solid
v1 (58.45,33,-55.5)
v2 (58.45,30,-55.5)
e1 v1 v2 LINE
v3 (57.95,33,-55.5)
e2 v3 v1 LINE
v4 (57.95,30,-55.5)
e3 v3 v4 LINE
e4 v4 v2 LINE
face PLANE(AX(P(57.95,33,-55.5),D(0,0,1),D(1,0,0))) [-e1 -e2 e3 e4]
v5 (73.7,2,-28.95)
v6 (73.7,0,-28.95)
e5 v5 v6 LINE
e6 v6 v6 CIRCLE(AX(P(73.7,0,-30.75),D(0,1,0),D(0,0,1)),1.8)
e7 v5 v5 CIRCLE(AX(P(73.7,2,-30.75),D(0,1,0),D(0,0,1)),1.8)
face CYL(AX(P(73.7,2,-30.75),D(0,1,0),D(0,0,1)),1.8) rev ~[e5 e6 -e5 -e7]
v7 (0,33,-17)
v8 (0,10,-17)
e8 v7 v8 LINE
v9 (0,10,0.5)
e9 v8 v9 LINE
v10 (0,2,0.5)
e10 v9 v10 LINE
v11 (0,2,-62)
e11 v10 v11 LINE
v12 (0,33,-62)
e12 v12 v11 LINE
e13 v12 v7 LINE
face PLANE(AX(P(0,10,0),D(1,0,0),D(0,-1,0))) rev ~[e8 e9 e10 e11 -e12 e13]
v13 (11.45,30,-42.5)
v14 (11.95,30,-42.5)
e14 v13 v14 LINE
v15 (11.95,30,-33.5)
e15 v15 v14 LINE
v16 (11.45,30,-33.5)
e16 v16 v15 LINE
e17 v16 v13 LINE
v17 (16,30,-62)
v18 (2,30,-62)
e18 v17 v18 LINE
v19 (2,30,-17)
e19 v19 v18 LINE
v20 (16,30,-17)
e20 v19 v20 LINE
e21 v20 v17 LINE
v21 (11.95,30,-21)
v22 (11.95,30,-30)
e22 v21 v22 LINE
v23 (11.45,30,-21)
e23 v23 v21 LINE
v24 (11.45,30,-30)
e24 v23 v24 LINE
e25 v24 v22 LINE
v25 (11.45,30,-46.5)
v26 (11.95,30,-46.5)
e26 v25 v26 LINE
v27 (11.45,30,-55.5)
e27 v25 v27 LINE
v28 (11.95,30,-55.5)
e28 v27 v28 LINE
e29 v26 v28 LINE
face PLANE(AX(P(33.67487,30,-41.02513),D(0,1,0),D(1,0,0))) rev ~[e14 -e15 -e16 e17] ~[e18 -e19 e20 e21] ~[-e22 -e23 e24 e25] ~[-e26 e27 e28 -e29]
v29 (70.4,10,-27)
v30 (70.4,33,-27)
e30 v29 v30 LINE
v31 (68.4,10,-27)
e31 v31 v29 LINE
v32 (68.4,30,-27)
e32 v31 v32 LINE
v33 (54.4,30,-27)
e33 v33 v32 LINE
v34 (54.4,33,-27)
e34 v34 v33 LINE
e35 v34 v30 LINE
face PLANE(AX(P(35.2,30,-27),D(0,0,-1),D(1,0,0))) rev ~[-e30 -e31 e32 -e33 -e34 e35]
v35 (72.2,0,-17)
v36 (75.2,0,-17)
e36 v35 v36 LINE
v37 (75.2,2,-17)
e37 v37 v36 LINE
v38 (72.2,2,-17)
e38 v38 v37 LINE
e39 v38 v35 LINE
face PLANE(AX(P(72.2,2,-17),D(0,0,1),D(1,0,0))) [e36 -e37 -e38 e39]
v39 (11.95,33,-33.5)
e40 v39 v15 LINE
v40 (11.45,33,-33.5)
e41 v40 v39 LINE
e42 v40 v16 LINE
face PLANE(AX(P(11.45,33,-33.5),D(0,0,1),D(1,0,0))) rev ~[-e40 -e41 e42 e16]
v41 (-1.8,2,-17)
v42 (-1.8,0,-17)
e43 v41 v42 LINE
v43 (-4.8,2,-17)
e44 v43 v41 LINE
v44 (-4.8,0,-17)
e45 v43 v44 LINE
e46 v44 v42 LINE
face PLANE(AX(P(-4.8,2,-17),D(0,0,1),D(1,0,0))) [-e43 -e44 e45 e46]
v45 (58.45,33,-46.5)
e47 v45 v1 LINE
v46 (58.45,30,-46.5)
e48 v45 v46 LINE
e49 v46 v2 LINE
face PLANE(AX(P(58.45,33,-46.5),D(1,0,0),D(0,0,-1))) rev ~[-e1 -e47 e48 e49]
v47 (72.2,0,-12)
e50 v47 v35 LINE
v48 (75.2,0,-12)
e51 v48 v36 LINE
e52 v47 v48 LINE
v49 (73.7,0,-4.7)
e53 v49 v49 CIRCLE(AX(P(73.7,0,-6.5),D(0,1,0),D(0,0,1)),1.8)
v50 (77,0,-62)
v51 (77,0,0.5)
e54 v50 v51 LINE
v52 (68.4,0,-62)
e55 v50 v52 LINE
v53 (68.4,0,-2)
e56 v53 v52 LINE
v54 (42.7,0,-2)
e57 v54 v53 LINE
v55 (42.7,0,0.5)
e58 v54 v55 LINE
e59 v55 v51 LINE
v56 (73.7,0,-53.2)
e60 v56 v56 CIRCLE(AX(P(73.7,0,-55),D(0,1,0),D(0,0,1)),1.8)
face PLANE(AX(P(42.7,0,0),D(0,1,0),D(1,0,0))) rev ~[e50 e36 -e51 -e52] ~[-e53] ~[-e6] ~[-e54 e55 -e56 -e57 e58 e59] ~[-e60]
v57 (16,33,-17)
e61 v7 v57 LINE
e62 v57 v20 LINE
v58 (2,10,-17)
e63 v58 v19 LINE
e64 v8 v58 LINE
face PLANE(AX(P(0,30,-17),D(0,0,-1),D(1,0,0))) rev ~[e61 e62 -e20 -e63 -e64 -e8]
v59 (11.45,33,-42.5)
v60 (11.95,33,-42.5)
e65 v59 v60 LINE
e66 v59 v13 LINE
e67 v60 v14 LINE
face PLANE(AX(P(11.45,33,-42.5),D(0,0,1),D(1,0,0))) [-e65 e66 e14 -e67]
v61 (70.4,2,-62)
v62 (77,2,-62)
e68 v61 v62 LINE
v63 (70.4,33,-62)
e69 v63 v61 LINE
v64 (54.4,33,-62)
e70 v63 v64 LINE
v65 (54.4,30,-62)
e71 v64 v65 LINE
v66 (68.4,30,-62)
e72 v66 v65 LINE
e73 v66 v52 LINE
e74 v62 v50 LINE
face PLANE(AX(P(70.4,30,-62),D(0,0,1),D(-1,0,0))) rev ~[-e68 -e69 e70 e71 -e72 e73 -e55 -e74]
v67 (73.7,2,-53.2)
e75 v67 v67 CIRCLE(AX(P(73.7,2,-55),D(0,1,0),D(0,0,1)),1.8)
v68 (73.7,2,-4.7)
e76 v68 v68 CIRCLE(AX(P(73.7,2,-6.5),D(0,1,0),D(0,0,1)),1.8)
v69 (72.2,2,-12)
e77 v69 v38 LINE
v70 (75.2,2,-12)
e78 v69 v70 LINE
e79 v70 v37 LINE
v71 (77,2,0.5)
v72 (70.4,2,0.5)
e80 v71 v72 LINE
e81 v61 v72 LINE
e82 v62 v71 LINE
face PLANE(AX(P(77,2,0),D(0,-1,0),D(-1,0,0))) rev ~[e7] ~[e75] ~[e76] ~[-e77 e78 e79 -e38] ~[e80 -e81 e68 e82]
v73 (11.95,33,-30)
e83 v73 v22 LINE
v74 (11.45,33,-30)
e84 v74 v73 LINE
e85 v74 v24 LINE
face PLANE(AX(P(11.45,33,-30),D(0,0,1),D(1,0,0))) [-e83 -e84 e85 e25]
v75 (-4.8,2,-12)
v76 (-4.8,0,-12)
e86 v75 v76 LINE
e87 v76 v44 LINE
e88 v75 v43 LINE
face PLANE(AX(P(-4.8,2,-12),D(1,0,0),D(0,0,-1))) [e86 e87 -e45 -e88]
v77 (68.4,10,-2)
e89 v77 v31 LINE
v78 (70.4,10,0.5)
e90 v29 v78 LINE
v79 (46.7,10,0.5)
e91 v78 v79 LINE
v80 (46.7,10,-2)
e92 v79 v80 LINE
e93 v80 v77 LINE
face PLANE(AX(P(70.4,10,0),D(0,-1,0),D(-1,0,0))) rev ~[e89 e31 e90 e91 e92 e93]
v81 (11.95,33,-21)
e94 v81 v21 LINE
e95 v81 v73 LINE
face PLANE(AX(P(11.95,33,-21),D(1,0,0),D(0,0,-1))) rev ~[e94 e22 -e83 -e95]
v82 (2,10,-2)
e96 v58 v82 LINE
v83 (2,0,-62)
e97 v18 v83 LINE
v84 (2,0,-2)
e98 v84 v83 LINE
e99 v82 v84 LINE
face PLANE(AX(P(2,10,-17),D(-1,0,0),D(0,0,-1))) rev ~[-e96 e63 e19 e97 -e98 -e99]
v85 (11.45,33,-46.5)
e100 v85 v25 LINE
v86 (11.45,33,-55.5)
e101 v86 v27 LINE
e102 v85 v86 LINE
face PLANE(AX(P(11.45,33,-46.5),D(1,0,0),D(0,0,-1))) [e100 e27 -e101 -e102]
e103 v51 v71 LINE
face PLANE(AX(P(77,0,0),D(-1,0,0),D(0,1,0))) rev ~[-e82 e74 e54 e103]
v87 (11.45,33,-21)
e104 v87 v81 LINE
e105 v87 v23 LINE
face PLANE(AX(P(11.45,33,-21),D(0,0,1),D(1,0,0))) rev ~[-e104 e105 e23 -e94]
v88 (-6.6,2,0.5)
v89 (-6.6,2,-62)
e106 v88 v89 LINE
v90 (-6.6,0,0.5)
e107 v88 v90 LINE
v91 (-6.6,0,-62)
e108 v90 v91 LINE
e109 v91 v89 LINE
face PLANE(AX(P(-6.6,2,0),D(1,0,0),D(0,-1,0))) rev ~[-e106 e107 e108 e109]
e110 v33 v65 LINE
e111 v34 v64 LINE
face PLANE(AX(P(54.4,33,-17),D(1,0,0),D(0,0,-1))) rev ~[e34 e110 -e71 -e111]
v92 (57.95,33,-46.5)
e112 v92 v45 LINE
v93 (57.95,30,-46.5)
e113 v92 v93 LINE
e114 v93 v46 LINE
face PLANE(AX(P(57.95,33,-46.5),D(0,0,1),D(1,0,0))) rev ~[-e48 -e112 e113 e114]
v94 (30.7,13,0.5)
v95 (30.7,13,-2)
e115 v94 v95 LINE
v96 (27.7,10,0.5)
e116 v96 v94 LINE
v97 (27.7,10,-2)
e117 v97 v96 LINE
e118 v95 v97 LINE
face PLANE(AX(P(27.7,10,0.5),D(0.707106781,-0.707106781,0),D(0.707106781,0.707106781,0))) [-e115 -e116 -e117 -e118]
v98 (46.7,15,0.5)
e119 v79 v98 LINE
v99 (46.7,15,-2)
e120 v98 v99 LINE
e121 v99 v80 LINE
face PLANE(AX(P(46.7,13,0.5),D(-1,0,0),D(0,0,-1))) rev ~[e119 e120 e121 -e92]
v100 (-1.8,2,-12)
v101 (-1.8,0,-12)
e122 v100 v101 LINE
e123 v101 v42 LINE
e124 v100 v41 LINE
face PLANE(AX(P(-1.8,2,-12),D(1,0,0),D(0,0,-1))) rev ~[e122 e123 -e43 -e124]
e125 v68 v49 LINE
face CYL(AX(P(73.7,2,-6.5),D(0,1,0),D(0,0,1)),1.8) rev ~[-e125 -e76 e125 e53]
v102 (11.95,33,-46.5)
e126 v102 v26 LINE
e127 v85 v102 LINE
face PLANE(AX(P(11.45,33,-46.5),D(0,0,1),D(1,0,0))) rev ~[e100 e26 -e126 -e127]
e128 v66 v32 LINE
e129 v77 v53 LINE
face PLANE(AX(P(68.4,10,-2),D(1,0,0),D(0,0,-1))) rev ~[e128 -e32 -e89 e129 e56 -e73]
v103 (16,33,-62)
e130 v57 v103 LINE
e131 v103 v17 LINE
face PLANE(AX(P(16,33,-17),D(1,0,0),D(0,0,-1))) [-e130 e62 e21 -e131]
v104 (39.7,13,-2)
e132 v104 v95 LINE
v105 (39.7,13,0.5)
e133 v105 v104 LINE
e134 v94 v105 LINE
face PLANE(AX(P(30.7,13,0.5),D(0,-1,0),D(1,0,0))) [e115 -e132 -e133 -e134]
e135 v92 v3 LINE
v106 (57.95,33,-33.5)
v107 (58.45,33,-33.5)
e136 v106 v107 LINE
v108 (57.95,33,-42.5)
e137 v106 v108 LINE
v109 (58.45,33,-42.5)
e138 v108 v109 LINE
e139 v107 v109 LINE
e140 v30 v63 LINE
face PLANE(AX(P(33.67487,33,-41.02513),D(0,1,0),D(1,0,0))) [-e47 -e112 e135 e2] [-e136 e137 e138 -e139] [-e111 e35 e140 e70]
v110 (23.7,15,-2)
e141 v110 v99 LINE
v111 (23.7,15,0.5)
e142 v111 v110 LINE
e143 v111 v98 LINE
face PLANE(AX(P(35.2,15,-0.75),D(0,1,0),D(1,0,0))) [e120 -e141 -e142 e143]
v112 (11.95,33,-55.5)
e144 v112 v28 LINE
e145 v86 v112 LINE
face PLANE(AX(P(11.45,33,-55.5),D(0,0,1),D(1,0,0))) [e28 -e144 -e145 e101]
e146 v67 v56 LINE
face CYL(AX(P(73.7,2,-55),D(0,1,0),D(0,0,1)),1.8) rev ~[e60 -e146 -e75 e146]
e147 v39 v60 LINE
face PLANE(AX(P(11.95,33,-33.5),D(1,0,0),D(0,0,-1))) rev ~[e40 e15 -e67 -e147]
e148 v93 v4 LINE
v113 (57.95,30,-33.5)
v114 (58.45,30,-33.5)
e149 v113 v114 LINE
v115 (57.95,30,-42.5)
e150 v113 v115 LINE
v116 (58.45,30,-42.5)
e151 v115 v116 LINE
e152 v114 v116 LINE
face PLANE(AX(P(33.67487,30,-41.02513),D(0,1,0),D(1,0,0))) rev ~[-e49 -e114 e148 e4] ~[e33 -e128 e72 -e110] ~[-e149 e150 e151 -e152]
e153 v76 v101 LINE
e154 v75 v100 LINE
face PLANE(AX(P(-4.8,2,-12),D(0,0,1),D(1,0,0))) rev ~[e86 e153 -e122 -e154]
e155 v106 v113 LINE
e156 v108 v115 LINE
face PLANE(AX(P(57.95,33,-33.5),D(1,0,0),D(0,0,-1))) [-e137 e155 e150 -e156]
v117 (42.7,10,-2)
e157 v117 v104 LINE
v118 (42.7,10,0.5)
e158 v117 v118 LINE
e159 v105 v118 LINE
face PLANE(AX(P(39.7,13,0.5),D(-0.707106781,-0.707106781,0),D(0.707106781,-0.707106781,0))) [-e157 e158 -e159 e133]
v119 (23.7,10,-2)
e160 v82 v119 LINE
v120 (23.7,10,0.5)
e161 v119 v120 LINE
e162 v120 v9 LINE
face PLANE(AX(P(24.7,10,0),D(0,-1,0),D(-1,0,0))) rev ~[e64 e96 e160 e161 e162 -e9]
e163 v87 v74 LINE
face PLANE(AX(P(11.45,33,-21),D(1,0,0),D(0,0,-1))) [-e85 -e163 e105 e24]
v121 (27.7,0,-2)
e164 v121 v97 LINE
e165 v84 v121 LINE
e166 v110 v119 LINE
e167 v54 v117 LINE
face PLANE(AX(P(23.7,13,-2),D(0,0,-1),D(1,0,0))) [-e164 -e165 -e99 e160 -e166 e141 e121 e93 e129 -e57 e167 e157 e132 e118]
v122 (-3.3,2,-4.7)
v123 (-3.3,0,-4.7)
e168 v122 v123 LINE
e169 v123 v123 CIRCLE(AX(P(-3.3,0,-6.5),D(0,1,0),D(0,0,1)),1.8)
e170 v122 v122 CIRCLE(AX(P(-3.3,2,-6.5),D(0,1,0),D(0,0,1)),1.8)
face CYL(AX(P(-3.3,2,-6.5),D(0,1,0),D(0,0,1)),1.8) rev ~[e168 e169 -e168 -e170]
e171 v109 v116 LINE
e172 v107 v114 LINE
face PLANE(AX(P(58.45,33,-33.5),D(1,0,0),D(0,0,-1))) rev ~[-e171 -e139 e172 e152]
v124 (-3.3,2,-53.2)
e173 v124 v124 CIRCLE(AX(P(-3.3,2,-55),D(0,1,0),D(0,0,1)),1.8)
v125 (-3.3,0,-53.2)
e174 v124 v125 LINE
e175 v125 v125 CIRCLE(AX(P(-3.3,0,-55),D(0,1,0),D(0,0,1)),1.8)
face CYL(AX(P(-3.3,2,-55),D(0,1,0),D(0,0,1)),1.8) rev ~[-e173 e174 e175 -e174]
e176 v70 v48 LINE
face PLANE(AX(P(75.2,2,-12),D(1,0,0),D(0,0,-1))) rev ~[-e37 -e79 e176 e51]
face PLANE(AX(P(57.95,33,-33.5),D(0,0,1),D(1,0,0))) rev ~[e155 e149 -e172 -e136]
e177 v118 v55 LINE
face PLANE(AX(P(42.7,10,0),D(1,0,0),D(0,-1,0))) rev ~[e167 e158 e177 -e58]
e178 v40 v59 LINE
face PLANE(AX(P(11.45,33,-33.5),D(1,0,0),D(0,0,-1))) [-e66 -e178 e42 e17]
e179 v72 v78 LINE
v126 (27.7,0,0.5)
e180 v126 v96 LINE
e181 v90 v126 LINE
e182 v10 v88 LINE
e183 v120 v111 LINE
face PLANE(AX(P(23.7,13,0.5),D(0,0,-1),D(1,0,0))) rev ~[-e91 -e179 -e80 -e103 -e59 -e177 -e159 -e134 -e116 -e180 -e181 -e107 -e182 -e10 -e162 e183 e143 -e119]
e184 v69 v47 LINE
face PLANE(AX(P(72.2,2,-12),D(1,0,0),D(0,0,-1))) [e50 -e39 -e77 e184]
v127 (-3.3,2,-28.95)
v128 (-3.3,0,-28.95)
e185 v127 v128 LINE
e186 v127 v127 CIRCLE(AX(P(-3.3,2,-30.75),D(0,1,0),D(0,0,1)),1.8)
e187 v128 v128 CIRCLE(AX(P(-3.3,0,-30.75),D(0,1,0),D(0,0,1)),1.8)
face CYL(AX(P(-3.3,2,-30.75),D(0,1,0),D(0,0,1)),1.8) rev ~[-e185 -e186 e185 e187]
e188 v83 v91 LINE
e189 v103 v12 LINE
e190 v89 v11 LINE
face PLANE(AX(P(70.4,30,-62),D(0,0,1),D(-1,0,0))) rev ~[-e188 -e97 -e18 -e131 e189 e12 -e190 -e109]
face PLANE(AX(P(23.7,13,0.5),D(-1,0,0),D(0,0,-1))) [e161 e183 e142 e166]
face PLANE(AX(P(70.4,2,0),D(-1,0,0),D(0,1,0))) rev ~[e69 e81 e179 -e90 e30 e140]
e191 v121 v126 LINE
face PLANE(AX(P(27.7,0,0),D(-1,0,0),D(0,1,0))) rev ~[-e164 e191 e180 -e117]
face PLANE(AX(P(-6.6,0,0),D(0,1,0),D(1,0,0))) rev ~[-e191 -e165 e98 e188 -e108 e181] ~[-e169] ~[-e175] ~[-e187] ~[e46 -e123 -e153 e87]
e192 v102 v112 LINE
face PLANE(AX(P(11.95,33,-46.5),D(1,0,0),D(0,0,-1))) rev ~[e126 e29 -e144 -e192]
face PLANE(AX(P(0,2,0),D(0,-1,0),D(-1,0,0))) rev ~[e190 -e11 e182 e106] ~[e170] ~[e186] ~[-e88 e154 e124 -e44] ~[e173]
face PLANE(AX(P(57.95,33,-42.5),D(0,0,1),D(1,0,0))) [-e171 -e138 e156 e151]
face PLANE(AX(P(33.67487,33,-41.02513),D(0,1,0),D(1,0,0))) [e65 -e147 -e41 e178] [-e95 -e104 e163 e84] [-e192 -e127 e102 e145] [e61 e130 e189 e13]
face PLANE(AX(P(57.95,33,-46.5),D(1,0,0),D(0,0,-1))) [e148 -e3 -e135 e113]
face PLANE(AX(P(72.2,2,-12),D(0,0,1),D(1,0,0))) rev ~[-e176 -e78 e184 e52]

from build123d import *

# Parameters (mm, degrees)
SKETCH1_W            = 70.4
SKETCH1_H            = 2
BOSS_EXTRUDE2_DEPTH  = 10
SKETCH2_W            = 2
SKETCH2_H            = 55
BOSS_EXTRUDE3_DEPTH  = 10
SKETCH3_W            = 19
SKETCH3_H            = 3
BOSS_EXTRUDE4_DEPTH  = 2
SKETCH4_W            = 15
SKETCH4_H            = 10
CUT_EXTRUDE2_DEPTH   = 2
SKETCH5_W            = 2
SKETCH5_H            = 3
BOSS_EXTRUDE5_DEPTH  = 1
SKETCH6_W            = 2
SKETCH6_H            = 3
BOSS_EXTRUDE6_DEPTH  = 1
SKETCH7_W            = 57
SKETCH7_H            = 2
BOSS_EXTRUDE7_DEPTH  = 6.6
SKETCH8_W            = 57
SKETCH8_H            = 2
BOSS_EXTRUDE8_DEPTH  = 6.6
BOSS_EXTRUDE9_DEPTH  = 5
SKETCH12_W           = 2
SKETCH12_H           = 5
SKETCH12_H_2         = 40
SKETCH12_H_3         = 30
BOSS_EXTRUDE10_DEPTH = 20
BOSS_EXTRUDE11_DEPTH = 3
SKETCH14_W           = 0.5
SKETCH14_H           = 9
CUT_EXTRUDE3_DEPTH   = 3
SKETCH15_W           = 38.4
SKETCH15_H           = 45
CUT_EXTRUDE4_DEPTH   = 3
BOSS_EXTRUDE12_DEPTH = 0.5
SKETCH17_R           = 1.8
SKETCH17_W           = 3
SKETCH17_H           = 5
CUT_EXTRUDE6_DEPTH   = 3
SKETCH18_W           = 2.5
SKETCH18_H           = 3
BOSS_EXTRUDE13_DEPTH = 1
SKETCH19_W           = 2.5
SKETCH19_H           = 3
BOSS_EXTRUDE14_DEPTH = 1
SKETCH20_W           = 23
SKETCH20_H           = 2.5
BOSS_EXTRUDE15_DEPTH = 2
CUT_EXTRUDE8_DEPTH   = 3


with BuildPart() as part:
    # Sketch1 → Boss-Extrude2 (new body)
    with BuildSketch(Plane(origin=(0, 0, 0), x_dir=(1, 0, 0), z_dir=(0, 1, 0))):
        with Locations((35.2, 1)):
            Rectangle(SKETCH1_W, SKETCH1_H)
    extrude(amount=BOSS_EXTRUDE2_DEPTH)

    # Sketch2 → Boss-Extrude3 (add)
    with BuildSketch(Plane(origin=(0, 10, 0), x_dir=(1, 0, 0), z_dir=(0, 1, 0))):
        with Locations((1, 29.5)):
            Rectangle(SKETCH2_W, SKETCH2_H)
        with Locations((69.4, 29.5)):
            Rectangle(SKETCH2_W, SKETCH2_H)
    extrude(amount=-BOSS_EXTRUDE3_DEPTH)

    # Sketch3 → Boss-Extrude4 (add)
    with BuildSketch(Plane.XY):
        with Locations((35.2, 11.5)):
            Rectangle(SKETCH3_W, SKETCH3_H)
    extrude(amount=-BOSS_EXTRUDE4_DEPTH)

    # Sketch4 → Cut-Extrude2 (cut)
    with BuildSketch(Plane.XY):
        with Locations((35.2, 5)):
            Rectangle(SKETCH4_W, SKETCH4_H)
    extrude(amount=-CUT_EXTRUDE2_DEPTH, mode=Mode.SUBTRACT)

    # Sketch5 → Boss-Extrude5 (add)
    with BuildSketch(Plane.ZY.offset(-25.7)):
        with Locations((-1, 11.5)):
            Rectangle(SKETCH5_W, SKETCH5_H)
    extrude(amount=BOSS_EXTRUDE5_DEPTH)

    # Sketch6 → Boss-Extrude6 (add)
    with BuildSketch(Plane(origin=(44.7, 0, 0), x_dir=(0, 0, -1), z_dir=(1, 0, 0))):
        with Locations((1, 11.5)):
            Rectangle(SKETCH6_W, SKETCH6_H)
    extrude(amount=BOSS_EXTRUDE6_DEPTH)

    # Sketch7 → Boss-Extrude7 (add)
    with BuildSketch(Plane.ZY):
        with Locations((-28.5, 1)):
            Rectangle(SKETCH7_W, SKETCH7_H)
    extrude(amount=BOSS_EXTRUDE7_DEPTH)

    # Sketch8 → Boss-Extrude8 (add)
    with BuildSketch(Plane(origin=(70.4, 0, 0), x_dir=(0, 0, -1), z_dir=(1, 0, 0))):
        with Locations((28.5, 1)):
            Rectangle(SKETCH8_W, SKETCH8_H)
    extrude(amount=BOSS_EXTRUDE8_DEPTH)

    # Sketch10 → Boss-Extrude9 (add)
    with BuildSketch(Plane(origin=(0, 0, -57), x_dir=(-1, 0, 0), z_dir=(0, 0, -1))):
        Polygon((-2, 10), (-2, 0), (6.6, 0), (6.6, 2), (0, 2), (0, 10), align=None)
        Polygon((-77, 0), (-68.4, 0), (-68.4, 10), (-70.4, 10), (-70.4, 2), (-77, 2), align=None)
    extrude(amount=BOSS_EXTRUDE9_DEPTH)

    # Sketch12 → Boss-Extrude10 (add)
    with BuildSketch(Plane(origin=(0, 10, 0), x_dir=(1, 0, 0), z_dir=(0, 1, 0))):
        with Locations((1, 59.5)):
            Rectangle(SKETCH12_W, SKETCH12_H)
        with Locations((1, 37)):
            Rectangle(SKETCH12_W, SKETCH12_H_2)
        with Locations((69.4, 42)):
            Rectangle(SKETCH12_W, SKETCH12_H_3)
        with Locations((69.4, 59.5)):
            Rectangle(SKETCH12_W, SKETCH12_H)
    extrude(amount=BOSS_EXTRUDE10_DEPTH)

    # Sketch13 → Boss-Extrude11 (add)
    with BuildSketch(Plane(origin=(0, 30, 0), x_dir=(1, 0, 0), z_dir=(0, 1, 0))):
        Polygon((0, 17), (35.2, 17), (35.2, 27), (70.4, 27), (70.4, 62), (0, 62), align=None)
    extrude(amount=BOSS_EXTRUDE11_DEPTH)

    # Sketch14 → Cut-Extrude3 (cut)
    with BuildSketch(Plane(origin=(0, 33, 0), x_dir=(1, 0, 0), z_dir=(0, 1, 0))):
        with Locations((11.7, 51)):
            Rectangle(SKETCH14_W, SKETCH14_H)
        with Locations((11.7, 38)):
            Rectangle(SKETCH14_W, SKETCH14_H)
        with Locations((11.7, 25.5)):
            Rectangle(SKETCH14_W, SKETCH14_H)
        with Locations((58.2, 51)):
            Rectangle(SKETCH14_W, SKETCH14_H)
        with Locations((58.2, 38)):
            Rectangle(SKETCH14_W, SKETCH14_H)
    extrude(amount=-CUT_EXTRUDE3_DEPTH, mode=Mode.SUBTRACT)

    # Sketch15 → Cut-Extrude4 (cut)
    with BuildSketch(Plane(origin=(0, 33, 0), x_dir=(1, 0, 0), z_dir=(0, 1, 0))):
        with Locations((35.2, 39.5)):
            Rectangle(SKETCH15_W, SKETCH15_H)
    extrude(amount=-CUT_EXTRUDE4_DEPTH, mode=Mode.SUBTRACT)

    # Sketch16 → Boss-Extrude12 (add)
    with BuildSketch(Plane.XY):
        Polygon((-6.6, 0), (27.7, 0), (27.7, 10), (42.7, 10), (42.7, 0), (77, 0), (77, 2), (70.4, 2), (70.4, 10), (45.7, 10), (45.7, 13), (24.7, 13), (24.7, 10), (0, 10), (0, 2), (-6.6, 2), align=None)
    extrude(amount=BOSS_EXTRUDE12_DEPTH)

    # Sketch17 → Cut-Extrude6 (cut)
    with BuildSketch(Plane(origin=(0, 2, 0), x_dir=(1, 0, 0), z_dir=(0, 1, 0))):
        with Locations(Location((-3.3, 55, 0), (0, 0, 270))):
            Circle(SKETCH17_R)
        with Locations(Location((73.7, 55, 0), (0, 0, 270))):
            Circle(SKETCH17_R)
        with Locations(Location((-3.3, 6.5, 0), (0, 0, 270))):
            Circle(SKETCH17_R)
        with Locations(Location((73.7, 6.5, 0), (0, 0, 270))):
            Circle(SKETCH17_R)
        with Locations(Location((-3.3, 30.75, 0), (0, 0, 270))):
            Circle(SKETCH17_R)
        with Locations(Location((73.7, 30.75, 0), (0, 0, 270))):
            Circle(SKETCH17_R)
        with Locations((-3.3, 14.5)):
            Rectangle(SKETCH17_W, SKETCH17_H)
        with Locations((73.7, 14.5)):
            Rectangle(SKETCH17_W, SKETCH17_H)
    extrude(amount=-CUT_EXTRUDE6_DEPTH, mode=Mode.SUBTRACT)

    # Sketch18 → Boss-Extrude13 (add)
    with BuildSketch(Plane.ZY.offset(-24.7)):
        with Locations((-0.75, 11.5)):
            Rectangle(SKETCH18_W, SKETCH18_H)
    extrude(amount=BOSS_EXTRUDE13_DEPTH)

    # Sketch19 → Boss-Extrude14 (add)
    with BuildSketch(Plane(origin=(45.7, 0, 0), x_dir=(0, 0, -1), z_dir=(1, 0, 0))):
        with Locations((0.75, 11.5)):
            Rectangle(SKETCH19_W, SKETCH19_H)
    extrude(amount=BOSS_EXTRUDE14_DEPTH)

    # Sketch20 → Boss-Extrude15 (add)
    with BuildSketch(Plane(origin=(0, 13, 0), x_dir=(1, 0, 0), z_dir=(0, 1, 0))):
        with Locations((35.2, 0.75)):
            Rectangle(SKETCH20_W, SKETCH20_H)
    extrude(amount=BOSS_EXTRUDE15_DEPTH)

    # Sketch21 → Cut-Extrude8 (cut)
    with BuildSketch(Plane.XY.offset(0.5)):
        Polygon((27.7, 10), (30.7, 13), (39.7, 13), (42.7, 10), align=None)
    extrude(amount=-CUT_EXTRUDE8_DEPTH, mode=Mode.SUBTRACT)


solid = part.part
